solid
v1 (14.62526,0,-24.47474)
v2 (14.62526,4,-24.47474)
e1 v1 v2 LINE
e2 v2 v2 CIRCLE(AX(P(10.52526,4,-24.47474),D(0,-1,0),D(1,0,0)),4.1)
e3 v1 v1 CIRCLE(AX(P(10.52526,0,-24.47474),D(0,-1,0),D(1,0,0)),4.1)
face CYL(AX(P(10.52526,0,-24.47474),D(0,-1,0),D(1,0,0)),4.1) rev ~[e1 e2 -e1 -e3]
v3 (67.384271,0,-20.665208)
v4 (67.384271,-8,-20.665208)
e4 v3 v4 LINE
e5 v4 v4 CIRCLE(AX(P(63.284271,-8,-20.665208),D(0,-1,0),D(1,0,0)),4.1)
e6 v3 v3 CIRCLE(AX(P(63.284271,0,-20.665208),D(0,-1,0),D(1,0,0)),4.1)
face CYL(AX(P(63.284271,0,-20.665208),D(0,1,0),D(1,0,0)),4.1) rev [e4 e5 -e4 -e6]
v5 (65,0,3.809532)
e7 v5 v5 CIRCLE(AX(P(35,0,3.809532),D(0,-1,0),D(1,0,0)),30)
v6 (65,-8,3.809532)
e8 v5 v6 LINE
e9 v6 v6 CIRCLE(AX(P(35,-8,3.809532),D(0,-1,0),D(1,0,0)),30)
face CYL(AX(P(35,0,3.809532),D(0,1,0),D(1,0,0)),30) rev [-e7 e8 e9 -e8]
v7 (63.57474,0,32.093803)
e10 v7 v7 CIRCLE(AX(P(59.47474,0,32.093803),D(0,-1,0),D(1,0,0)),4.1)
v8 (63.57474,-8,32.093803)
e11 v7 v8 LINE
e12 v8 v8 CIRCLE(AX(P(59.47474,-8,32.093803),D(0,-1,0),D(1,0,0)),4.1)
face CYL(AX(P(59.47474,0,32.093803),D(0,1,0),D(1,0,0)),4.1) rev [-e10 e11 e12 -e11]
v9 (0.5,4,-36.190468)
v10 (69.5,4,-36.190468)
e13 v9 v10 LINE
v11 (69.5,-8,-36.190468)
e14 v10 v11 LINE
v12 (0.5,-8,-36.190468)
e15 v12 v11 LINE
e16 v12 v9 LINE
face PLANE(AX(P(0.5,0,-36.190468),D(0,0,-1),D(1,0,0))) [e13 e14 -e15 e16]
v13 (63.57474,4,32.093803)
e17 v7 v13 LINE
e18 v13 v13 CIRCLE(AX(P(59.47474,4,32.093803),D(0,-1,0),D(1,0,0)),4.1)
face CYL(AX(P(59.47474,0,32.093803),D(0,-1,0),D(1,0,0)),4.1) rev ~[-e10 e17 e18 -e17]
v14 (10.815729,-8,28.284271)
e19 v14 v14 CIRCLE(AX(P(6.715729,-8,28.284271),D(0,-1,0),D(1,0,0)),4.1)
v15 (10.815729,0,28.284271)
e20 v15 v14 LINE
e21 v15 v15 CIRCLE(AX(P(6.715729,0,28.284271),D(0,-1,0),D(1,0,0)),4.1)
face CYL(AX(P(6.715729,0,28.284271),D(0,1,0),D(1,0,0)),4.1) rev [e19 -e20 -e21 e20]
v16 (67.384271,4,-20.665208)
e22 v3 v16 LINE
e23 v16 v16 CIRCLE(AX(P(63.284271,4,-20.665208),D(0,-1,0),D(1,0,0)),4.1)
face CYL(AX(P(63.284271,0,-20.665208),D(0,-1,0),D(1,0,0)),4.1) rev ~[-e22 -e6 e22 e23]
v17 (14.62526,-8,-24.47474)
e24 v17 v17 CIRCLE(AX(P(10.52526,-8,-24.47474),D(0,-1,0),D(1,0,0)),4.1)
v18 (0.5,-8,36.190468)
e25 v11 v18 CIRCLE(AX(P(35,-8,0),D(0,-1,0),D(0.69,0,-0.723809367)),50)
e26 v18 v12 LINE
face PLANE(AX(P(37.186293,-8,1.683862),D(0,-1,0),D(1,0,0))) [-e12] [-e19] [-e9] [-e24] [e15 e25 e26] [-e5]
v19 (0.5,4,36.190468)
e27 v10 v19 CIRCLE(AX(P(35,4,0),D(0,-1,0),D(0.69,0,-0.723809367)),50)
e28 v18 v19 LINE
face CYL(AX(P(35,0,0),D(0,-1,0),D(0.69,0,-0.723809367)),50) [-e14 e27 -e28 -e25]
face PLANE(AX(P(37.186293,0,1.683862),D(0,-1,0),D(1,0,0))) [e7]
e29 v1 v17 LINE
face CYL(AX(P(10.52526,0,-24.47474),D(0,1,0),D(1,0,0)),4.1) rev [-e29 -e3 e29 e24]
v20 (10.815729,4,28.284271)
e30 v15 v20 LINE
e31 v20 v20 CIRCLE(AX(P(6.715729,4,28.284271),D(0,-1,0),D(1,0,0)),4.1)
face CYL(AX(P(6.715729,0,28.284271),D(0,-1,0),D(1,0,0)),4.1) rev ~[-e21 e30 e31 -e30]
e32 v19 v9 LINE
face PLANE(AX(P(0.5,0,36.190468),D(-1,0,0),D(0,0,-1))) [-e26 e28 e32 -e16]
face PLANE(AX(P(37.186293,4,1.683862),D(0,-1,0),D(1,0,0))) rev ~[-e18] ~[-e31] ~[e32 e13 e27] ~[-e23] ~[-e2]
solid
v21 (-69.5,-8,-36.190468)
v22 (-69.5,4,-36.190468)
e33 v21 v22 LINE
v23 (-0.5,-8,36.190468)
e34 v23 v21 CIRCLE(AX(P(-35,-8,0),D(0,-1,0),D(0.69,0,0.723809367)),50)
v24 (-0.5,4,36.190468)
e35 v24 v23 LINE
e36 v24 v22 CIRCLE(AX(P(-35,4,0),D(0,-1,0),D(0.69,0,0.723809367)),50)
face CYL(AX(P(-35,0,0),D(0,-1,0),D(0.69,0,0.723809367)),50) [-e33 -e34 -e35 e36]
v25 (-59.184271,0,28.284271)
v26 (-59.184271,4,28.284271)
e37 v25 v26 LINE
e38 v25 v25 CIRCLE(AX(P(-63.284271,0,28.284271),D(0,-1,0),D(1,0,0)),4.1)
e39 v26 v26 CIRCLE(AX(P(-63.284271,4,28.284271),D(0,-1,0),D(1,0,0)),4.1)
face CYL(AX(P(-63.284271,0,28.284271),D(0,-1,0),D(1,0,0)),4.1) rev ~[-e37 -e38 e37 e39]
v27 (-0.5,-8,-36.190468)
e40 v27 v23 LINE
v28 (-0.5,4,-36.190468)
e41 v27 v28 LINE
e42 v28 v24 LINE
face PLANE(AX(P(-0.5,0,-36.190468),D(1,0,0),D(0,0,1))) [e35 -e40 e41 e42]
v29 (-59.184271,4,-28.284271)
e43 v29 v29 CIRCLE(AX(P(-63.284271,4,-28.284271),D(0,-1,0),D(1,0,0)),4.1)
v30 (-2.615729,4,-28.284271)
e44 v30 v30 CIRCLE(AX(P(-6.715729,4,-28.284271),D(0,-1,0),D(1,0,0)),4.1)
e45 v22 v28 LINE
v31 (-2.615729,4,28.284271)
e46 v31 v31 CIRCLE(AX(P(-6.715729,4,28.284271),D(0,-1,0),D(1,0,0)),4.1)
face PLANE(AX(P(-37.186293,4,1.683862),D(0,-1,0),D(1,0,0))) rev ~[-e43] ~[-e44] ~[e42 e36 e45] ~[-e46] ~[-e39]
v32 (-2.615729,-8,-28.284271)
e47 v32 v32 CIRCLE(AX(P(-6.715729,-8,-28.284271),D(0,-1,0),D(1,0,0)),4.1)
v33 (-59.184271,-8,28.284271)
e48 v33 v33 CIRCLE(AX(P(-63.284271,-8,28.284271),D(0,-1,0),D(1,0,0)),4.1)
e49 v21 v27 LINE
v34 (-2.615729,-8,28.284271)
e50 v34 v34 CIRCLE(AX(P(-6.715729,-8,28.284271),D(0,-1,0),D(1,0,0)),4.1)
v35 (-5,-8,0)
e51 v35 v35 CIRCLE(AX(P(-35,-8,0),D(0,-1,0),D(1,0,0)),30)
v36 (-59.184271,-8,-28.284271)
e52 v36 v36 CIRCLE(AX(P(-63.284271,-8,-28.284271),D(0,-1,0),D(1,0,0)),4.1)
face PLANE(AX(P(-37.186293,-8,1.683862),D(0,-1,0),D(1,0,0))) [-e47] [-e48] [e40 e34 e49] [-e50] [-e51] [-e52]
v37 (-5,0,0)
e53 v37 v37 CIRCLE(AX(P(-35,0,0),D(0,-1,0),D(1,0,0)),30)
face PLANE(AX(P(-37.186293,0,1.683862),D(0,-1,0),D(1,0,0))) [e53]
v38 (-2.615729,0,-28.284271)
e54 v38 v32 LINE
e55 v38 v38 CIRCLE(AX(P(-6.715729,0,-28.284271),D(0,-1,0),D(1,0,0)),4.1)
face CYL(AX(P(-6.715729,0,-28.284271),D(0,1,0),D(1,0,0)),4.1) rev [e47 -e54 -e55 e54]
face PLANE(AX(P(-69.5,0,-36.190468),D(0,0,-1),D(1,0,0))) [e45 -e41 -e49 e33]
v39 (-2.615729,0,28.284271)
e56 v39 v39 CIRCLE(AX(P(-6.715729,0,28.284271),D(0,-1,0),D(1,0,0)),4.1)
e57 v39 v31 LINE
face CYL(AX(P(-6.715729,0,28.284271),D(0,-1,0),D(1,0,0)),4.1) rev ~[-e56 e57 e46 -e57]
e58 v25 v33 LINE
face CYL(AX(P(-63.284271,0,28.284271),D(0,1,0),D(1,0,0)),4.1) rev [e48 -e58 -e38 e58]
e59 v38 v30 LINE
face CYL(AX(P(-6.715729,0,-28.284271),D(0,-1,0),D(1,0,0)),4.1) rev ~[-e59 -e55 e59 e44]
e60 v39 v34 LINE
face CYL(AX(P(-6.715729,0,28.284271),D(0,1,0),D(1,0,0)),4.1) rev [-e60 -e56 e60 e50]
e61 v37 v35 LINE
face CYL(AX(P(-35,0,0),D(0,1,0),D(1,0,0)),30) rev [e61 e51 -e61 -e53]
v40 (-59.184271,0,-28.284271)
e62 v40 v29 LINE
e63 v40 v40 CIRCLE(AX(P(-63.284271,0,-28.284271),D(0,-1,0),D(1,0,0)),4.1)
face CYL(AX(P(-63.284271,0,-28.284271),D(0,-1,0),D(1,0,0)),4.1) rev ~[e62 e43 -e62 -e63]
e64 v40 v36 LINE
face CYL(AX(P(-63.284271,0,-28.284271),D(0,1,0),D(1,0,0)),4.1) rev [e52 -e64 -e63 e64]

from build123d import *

# Parameters (mm, degrees)
F0_R     = 4.1
F0_R_2   = 30
F1_DEPTH = 8
F2_DEPTH = 4
F3_DEPTH = 4


with BuildPart() as f1:
    # F0 (on Front) → F1 (new body)
    with BuildSketch(Plane.XZ):
        with BuildLine():
            Line((-0.5, -36.1904683584), (-0.5, 36.1904683584))
            ThreePointArc((-0.5, 36.1904683584), (-71.1904683584, 34.5), (-69.5, -36.1904683584))
            Line((-69.5, -36.1904683584), (-0.5, -36.1904683584))
        make_face()
        with Locations((-63.2842712475, -28.2842712475)):
            Circle(F0_R, mode=Mode.SUBTRACT)
        with Locations((-6.7157287525, -28.2842712475)):
            Circle(F0_R, mode=Mode.SUBTRACT)
        with Locations((-35, 0)):
            Circle(F0_R_2, mode=Mode.SUBTRACT)
        with Locations((-63.2842712475, 28.2842712475)):
            Circle(F0_R, mode=Mode.SUBTRACT)
        with Locations((-6.7157287525, 28.2842712475)):
            Circle(F0_R, mode=Mode.SUBTRACT)
    extrude(amount=F1_DEPTH)

    # F0 (on Front) → F2 (join)
    with BuildSketch(Plane.XZ):
        with BuildLine():
            Line((-0.5, -36.1904683584), (-0.5, 36.1904683584))
            ThreePointArc((-0.5, 36.1904683584), (-71.1904683584, 34.5), (-69.5, -36.1904683584))
            Line((-69.5, -36.1904683584), (-0.5, -36.1904683584))
        make_face()
        with Locations((-63.2842712475, -28.2842712475)):
            Circle(F0_R, mode=Mode.SUBTRACT)
        with Locations((-6.7157287525, -28.2842712475)):
            Circle(F0_R, mode=Mode.SUBTRACT)
        with Locations((-35, 0)):
            Circle(F0_R_2, mode=Mode.SUBTRACT)
        with Locations((-63.2842712475, 28.2842712475)):
            Circle(F0_R, mode=Mode.SUBTRACT)
        with Locations((-6.7157287525, 28.2842712475)):
            Circle(F0_R, mode=Mode.SUBTRACT)
        with Locations((-35, 0)):
            Circle(F0_R_2)
    extrude(amount=-F2_DEPTH)


with BuildPart() as f1b:
    # F0 (on Front) → F1, piece 2 (new body)
    with BuildSketch(Plane.XZ):
        with BuildLine():
            Line((0.5, -36.1904683584), (69.5, -36.1904683584))
            ThreePointArc((69.5, -36.1904683584), (71.1904683584, 34.5), (0.5, 36.1904683584))
            Line((0.5, 36.1904683584), (0.5, -36.1904683584))
        make_face()
        with Locations((10.5252603941, -24.4747396059)):
            Circle(F0_R, mode=Mode.SUBTRACT)
        with Locations((63.2842712475, -20.6652079643)):
            Circle(F0_R, mode=Mode.SUBTRACT)
        with Locations((35, 3.8095316416)):
            Circle(F0_R_2, mode=Mode.SUBTRACT)
        with Locations((6.7157287525, 28.2842712475)):
            Circle(F0_R, mode=Mode.SUBTRACT)
        with Locations((59.4747396059, 32.0938028891)):
            Circle(F0_R, mode=Mode.SUBTRACT)
    extrude(amount=F1_DEPTH)

    # F0 (on Front) → F3 (join)
    with BuildSketch(Plane.XZ):
        with BuildLine():
            Line((0.5, -36.1904683584), (69.5, -36.1904683584))
            ThreePointArc((69.5, -36.1904683584), (71.1904683584, 34.5), (0.5, 36.1904683584))
            Line((0.5, 36.1904683584), (0.5, -36.1904683584))
        make_face()
        with Locations((10.5252603941, -24.4747396059)):
            Circle(F0_R, mode=Mode.SUBTRACT)
        with Locations((63.2842712475, -20.6652079643)):
            Circle(F0_R, mode=Mode.SUBTRACT)
        with Locations((35, 3.8095316416)):
            Circle(F0_R_2, mode=Mode.SUBTRACT)
        with Locations((6.7157287525, 28.2842712475)):
            Circle(F0_R, mode=Mode.SUBTRACT)
        with Locations((59.4747396059, 32.0938028891)):
            Circle(F0_R, mode=Mode.SUBTRACT)
        with Locations((35, 3.8095316416)):
            Circle(F0_R_2)
    extrude(amount=-F3_DEPTH)


solid = Compound([f1.part, f1b.part])
